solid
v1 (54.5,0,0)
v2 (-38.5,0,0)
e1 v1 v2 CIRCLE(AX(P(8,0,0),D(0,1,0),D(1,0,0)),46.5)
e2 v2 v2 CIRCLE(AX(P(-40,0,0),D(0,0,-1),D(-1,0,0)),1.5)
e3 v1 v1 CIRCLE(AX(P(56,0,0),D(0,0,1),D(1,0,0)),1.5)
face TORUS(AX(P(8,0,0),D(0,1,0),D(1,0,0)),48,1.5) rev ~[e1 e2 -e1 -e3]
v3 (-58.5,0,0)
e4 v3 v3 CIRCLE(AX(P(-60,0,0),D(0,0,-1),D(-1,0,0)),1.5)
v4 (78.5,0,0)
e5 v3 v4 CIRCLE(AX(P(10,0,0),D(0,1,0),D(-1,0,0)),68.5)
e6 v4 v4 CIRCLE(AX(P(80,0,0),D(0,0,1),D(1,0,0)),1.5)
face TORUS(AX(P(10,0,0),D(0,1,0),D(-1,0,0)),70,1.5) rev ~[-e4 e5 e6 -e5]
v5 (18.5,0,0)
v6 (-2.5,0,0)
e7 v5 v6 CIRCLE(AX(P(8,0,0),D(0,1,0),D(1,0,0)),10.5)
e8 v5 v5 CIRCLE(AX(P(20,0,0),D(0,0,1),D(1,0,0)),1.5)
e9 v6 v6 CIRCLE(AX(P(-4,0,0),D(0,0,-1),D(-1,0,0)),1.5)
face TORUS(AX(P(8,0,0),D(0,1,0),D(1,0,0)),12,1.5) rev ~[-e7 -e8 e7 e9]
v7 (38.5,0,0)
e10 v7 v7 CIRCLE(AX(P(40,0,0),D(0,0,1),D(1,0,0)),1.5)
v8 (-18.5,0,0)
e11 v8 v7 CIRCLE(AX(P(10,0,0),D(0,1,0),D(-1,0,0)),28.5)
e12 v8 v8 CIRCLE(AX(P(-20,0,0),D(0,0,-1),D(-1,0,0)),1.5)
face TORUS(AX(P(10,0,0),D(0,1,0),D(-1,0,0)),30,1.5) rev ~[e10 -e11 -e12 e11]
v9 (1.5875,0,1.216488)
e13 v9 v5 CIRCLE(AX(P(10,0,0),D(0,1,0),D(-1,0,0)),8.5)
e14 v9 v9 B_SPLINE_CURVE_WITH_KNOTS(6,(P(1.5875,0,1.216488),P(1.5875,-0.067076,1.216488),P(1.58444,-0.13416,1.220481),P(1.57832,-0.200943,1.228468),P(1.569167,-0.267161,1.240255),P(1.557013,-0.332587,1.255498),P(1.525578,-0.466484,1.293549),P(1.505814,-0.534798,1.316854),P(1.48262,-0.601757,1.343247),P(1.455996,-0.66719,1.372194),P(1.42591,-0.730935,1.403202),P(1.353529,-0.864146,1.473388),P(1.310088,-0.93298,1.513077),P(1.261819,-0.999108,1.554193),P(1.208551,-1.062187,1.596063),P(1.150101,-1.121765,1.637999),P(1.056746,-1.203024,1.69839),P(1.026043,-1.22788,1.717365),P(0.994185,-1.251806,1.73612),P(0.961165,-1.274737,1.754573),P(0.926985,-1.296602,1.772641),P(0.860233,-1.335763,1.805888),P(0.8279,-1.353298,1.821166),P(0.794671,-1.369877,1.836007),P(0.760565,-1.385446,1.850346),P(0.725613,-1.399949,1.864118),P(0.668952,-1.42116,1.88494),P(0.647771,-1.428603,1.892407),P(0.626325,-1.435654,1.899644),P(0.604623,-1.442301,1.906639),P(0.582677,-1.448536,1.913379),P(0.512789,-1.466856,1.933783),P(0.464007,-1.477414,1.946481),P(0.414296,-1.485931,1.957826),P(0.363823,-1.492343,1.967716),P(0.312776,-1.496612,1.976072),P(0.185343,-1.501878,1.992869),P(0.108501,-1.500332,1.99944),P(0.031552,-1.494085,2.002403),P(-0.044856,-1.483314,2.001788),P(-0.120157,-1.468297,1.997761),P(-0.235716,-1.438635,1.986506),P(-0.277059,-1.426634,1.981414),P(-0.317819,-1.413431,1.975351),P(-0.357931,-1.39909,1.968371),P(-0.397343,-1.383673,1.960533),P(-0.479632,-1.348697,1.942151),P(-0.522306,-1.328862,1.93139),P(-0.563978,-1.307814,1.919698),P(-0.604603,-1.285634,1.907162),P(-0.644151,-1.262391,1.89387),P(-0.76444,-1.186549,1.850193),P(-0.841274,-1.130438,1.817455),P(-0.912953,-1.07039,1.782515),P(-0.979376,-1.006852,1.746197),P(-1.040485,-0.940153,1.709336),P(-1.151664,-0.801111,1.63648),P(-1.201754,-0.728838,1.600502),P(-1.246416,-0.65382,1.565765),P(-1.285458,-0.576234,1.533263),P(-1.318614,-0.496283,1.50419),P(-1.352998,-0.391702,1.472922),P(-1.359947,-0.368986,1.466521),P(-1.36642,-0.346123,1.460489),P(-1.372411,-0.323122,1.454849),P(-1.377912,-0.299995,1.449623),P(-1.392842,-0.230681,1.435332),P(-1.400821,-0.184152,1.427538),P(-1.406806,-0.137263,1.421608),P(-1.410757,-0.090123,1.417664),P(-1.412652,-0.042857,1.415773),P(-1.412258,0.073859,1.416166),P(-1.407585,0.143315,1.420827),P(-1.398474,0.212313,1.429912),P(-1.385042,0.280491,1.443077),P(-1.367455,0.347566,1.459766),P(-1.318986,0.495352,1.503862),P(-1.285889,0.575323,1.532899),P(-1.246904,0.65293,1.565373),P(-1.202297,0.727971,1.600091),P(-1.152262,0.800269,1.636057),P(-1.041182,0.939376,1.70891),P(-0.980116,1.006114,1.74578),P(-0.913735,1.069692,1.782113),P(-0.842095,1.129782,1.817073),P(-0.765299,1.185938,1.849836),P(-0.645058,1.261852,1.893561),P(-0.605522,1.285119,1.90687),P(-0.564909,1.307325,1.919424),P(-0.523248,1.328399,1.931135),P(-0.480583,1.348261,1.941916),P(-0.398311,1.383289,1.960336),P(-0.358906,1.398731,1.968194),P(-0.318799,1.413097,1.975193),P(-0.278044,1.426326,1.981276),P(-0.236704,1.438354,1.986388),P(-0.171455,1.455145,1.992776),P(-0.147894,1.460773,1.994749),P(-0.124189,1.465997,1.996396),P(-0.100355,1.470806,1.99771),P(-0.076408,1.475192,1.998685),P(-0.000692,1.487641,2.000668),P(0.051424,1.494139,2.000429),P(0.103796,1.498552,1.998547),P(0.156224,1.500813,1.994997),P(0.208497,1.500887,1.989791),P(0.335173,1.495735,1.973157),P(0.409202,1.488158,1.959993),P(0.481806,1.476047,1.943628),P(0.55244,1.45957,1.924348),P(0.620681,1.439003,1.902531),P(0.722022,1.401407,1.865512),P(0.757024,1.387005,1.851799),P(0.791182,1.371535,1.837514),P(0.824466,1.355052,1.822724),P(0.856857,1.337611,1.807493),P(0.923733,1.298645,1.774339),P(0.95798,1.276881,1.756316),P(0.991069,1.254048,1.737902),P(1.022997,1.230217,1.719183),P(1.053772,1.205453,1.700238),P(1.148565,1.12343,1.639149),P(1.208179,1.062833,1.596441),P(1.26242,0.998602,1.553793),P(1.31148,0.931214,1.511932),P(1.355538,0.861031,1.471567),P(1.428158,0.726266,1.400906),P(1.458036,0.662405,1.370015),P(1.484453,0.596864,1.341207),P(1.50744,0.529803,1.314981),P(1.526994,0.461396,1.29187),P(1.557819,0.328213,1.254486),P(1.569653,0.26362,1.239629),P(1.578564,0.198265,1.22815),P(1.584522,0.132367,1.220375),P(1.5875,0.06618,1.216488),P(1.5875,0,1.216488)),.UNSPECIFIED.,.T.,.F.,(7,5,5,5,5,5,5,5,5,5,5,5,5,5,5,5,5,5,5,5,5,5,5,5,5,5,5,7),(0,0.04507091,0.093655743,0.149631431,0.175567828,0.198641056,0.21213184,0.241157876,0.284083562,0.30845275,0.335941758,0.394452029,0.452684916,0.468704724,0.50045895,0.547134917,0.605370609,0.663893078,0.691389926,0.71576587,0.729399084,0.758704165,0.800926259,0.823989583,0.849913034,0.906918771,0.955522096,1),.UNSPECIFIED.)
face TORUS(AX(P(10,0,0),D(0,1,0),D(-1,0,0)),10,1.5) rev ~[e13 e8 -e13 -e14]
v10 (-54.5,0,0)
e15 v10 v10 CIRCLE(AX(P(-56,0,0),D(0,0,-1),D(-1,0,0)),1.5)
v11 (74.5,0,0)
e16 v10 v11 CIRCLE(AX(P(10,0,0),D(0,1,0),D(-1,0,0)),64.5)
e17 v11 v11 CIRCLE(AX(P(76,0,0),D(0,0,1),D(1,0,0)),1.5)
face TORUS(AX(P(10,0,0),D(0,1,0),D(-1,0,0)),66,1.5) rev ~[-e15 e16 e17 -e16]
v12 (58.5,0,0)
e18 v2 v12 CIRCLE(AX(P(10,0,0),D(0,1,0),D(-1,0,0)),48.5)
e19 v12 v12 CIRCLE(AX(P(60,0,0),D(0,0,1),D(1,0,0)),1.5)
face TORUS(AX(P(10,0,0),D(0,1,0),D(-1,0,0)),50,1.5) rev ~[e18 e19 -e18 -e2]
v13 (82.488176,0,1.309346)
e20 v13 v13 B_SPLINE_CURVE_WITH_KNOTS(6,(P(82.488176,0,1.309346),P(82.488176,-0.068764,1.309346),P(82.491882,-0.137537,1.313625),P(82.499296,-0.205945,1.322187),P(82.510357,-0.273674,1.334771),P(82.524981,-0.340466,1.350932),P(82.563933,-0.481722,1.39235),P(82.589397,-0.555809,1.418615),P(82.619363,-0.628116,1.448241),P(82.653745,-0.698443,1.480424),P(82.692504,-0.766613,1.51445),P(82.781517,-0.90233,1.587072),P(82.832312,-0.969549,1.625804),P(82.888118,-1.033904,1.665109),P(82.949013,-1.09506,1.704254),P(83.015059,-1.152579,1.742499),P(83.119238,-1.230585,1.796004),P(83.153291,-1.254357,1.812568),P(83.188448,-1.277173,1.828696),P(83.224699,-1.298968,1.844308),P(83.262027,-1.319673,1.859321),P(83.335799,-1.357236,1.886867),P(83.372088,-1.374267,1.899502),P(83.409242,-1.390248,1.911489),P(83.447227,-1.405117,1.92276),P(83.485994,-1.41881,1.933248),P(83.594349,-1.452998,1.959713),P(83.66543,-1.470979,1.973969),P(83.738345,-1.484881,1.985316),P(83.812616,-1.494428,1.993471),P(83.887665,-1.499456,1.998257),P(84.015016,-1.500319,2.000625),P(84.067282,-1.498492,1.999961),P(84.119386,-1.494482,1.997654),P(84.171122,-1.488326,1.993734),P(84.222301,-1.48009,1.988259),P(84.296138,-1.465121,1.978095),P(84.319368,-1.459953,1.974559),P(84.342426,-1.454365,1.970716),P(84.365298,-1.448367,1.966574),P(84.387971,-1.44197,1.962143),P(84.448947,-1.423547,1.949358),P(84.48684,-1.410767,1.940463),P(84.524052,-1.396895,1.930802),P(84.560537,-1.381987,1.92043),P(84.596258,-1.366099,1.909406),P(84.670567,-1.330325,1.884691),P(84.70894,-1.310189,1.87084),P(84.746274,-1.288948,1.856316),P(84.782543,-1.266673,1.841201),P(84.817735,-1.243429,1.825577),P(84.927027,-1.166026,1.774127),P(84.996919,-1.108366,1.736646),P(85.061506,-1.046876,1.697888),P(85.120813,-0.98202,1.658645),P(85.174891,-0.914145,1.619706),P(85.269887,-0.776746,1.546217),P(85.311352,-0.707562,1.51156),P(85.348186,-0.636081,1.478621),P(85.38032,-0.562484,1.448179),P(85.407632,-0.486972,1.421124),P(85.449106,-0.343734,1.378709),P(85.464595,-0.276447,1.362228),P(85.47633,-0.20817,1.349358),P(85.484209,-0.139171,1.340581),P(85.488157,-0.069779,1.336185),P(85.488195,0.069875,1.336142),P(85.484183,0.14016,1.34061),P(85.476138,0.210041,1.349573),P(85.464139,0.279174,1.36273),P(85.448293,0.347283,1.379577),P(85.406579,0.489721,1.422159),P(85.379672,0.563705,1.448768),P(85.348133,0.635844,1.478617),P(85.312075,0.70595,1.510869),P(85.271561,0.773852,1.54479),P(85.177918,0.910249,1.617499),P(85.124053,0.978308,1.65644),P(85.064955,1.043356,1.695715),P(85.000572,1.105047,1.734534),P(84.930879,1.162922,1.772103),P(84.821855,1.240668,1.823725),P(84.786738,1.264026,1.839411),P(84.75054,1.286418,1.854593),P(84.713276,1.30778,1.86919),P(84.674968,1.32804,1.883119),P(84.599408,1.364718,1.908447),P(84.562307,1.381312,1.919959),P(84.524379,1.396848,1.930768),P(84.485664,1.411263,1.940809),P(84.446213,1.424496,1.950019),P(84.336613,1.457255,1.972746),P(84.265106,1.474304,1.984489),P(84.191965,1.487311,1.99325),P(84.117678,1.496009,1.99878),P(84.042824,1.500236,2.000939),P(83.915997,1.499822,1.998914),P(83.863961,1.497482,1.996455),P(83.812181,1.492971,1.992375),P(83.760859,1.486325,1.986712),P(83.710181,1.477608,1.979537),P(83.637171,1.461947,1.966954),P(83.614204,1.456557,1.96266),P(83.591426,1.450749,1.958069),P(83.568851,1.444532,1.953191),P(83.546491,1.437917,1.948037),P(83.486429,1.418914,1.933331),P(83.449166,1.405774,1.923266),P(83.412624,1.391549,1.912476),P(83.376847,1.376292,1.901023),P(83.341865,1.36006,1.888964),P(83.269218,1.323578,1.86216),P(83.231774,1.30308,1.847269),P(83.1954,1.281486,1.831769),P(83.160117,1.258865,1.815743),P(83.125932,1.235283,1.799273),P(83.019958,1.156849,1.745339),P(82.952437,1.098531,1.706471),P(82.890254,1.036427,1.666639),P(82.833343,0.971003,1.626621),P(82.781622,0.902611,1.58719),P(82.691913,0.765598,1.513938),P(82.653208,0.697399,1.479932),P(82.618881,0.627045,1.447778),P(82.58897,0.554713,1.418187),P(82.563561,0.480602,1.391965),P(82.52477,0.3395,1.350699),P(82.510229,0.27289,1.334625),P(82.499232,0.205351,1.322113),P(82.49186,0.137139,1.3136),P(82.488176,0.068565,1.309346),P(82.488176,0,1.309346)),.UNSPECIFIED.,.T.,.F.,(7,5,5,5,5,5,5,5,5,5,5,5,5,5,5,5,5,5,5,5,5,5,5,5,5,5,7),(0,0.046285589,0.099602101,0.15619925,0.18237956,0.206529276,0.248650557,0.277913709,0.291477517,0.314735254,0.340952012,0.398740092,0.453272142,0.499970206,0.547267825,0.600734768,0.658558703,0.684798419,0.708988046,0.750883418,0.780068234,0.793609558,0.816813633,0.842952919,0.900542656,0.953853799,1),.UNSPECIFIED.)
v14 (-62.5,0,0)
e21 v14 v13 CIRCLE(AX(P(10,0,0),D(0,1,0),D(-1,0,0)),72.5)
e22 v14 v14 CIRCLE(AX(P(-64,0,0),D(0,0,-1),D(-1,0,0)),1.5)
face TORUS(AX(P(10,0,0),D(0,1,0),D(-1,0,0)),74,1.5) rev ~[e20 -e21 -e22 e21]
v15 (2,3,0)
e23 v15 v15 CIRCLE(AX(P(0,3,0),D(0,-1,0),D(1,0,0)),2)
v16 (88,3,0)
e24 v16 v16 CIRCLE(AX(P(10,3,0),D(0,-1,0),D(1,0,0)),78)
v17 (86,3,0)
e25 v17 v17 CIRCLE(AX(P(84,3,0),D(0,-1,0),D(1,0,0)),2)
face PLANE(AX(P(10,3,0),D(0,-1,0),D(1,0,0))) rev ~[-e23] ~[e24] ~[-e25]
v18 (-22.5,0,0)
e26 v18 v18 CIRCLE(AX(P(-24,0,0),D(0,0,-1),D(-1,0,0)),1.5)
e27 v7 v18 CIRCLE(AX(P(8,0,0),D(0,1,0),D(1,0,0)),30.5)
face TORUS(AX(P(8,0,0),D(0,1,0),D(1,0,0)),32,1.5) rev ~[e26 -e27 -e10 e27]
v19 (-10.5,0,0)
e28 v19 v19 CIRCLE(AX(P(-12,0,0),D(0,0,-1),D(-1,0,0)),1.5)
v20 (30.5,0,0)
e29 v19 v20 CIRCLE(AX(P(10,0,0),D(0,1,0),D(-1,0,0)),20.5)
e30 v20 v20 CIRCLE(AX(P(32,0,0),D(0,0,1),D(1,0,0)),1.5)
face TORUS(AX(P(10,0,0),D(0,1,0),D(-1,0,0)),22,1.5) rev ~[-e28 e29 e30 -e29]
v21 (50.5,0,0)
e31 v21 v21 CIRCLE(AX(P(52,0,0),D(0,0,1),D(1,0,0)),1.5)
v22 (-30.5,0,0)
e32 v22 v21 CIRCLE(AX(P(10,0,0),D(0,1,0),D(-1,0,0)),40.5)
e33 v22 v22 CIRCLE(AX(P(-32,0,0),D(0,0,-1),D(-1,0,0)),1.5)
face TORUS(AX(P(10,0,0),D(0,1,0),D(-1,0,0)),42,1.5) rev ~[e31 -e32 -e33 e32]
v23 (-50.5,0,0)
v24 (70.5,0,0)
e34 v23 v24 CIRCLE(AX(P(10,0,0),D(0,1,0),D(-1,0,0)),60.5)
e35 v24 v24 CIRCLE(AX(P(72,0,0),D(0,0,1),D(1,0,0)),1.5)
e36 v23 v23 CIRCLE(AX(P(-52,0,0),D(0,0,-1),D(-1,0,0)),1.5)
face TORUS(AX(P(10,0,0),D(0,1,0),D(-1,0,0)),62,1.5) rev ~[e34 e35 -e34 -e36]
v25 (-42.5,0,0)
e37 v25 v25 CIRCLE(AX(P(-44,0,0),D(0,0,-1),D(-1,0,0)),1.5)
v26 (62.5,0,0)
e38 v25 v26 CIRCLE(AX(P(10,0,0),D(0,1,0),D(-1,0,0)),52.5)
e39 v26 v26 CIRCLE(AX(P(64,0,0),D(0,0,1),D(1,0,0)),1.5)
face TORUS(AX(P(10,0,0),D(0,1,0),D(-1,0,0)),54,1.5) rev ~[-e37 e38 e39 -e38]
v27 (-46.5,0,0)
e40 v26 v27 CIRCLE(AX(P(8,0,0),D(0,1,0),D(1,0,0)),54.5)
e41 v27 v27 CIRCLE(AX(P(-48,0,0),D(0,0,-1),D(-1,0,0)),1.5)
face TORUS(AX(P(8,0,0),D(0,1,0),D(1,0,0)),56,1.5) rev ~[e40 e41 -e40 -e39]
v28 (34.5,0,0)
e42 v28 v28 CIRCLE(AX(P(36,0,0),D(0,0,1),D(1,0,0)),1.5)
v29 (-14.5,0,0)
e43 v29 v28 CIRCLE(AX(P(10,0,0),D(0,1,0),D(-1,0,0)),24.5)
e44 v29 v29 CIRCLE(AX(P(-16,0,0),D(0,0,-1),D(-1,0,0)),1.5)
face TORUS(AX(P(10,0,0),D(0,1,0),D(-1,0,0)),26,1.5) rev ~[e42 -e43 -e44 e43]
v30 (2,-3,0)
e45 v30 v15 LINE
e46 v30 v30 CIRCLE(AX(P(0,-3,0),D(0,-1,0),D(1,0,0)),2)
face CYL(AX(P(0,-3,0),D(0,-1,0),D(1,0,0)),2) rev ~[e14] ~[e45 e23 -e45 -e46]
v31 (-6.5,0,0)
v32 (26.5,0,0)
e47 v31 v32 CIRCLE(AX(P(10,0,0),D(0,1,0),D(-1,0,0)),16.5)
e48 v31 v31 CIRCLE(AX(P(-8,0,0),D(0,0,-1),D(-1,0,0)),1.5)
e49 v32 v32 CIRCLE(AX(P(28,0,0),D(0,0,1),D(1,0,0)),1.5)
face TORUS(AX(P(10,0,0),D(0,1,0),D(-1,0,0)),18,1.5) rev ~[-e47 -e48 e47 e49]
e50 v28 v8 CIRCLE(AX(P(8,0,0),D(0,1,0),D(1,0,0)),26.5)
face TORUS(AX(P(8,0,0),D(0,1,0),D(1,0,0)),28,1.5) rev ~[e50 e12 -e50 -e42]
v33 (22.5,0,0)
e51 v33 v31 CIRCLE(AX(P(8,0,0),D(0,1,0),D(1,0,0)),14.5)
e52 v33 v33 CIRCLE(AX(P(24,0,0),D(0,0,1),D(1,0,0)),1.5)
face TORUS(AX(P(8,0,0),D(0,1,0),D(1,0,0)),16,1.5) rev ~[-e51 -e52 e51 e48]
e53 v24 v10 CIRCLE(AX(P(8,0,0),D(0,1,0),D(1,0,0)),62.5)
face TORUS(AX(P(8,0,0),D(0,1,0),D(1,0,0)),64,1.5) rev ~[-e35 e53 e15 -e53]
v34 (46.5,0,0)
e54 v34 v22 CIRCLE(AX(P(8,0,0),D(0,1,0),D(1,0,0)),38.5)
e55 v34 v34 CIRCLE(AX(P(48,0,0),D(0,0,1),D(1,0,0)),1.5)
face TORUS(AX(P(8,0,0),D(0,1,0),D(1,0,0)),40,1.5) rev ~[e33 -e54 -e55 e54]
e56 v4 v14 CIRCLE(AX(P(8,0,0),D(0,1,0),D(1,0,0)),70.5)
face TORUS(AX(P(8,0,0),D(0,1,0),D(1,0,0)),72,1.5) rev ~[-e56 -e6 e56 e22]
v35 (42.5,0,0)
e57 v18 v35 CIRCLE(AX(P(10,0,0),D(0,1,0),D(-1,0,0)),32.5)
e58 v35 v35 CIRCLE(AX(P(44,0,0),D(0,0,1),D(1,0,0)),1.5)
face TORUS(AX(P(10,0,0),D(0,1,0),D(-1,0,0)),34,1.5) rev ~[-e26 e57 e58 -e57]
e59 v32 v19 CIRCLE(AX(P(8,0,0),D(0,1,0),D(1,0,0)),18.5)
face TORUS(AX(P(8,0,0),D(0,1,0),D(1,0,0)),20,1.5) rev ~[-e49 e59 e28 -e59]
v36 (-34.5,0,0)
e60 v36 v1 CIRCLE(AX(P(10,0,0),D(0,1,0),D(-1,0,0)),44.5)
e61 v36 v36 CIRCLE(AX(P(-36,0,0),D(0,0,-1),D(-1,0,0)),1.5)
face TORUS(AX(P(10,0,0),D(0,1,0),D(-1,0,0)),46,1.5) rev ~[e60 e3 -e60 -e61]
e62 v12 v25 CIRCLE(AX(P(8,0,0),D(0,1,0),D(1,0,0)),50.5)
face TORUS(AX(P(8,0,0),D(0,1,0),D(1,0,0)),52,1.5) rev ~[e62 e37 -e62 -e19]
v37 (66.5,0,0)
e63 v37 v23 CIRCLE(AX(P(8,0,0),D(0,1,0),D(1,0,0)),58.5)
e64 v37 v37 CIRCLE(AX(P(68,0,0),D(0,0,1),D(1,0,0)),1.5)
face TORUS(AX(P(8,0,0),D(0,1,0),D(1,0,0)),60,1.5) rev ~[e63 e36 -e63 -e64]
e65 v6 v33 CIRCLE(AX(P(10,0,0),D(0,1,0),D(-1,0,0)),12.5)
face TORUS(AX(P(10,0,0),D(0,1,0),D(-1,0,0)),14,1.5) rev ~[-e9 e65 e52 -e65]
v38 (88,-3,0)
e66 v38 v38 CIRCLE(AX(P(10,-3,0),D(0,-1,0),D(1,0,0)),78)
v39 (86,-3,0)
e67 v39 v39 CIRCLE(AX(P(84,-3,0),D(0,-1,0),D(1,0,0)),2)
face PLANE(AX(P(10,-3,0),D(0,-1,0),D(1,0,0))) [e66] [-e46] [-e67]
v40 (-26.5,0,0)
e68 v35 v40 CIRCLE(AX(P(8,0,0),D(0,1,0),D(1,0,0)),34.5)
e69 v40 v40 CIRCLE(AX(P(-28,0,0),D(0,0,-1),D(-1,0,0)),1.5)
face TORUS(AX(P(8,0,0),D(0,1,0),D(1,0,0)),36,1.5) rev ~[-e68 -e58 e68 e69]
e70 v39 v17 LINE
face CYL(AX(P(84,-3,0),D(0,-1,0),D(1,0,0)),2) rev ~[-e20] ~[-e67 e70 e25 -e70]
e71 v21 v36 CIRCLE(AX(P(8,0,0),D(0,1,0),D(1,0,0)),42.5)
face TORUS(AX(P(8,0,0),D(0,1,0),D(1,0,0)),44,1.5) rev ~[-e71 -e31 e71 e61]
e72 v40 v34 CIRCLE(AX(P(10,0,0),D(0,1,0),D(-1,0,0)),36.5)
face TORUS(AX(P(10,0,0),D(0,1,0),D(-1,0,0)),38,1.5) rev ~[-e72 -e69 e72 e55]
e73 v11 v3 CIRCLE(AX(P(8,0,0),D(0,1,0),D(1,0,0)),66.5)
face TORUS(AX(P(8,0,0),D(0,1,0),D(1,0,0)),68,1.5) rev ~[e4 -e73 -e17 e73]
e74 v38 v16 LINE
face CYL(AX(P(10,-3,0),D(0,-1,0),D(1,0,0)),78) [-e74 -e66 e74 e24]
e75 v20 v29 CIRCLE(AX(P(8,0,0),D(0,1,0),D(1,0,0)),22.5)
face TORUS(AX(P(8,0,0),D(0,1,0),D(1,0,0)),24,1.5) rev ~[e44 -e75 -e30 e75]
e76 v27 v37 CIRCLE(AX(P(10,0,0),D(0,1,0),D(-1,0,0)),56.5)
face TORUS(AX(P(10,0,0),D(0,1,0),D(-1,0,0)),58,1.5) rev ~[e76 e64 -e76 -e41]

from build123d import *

# Parameters (mm, degrees)
F3_R     = 78
F3_R_2   = 2
F4_DEPTH = 6
F0_R     = 1.5


with BuildPart() as f4:
    # F3 (on offset) → F4 (new body)
    with BuildSketch(Plane.XZ.offset(3)):
        with Locations((10, 0)):
            Circle(F3_R)
        Circle(F3_R_2, mode=Mode.SUBTRACT)
        with Locations((84, 0)):
            Circle(F3_R_2, mode=Mode.SUBTRACT)
    extrude(amount=-F4_DEPTH)

    # F5: sweep along a path in F1
    with BuildLine(Plane.XZ) as f5_path:
        ThreePointArc((0, 0), (10, 10), (20, 0))
        ThreePointArc((20, 0), (8, -12), (-4, 0))
        ThreePointArc((-4, 0), (10, 14), (24, 0))
        ThreePointArc((24, 0), (8, -16), (-8, 0))
        ThreePointArc((-8, 0), (10, 18), (28, 0))
        ThreePointArc((28, 0), (8, -20), (-12, 0))
        ThreePointArc((-12, 0), (10, 22), (32, 0))
        ThreePointArc((32, 0), (8, -24), (-16, 0))
        ThreePointArc((-16, 0), (10, 26), (36, 0))
        ThreePointArc((36, 0), (8, -28), (-20, 0))
        ThreePointArc((-20, 0), (10, 30), (40, 0))
        ThreePointArc((40, 0), (8, -32), (-24, 0))
        ThreePointArc((-24, 0), (10, 34), (44, 0))
        ThreePointArc((44, 0), (8, -36), (-28, 0))
        ThreePointArc((-28, 0), (10, 38), (48, 0))
        ThreePointArc((48, 0), (8, -40), (-32, 0))
        ThreePointArc((-32, 0), (10, 42), (52, 0))
        ThreePointArc((52, 0), (8, -44), (-36, 0))
        ThreePointArc((-36, 0), (10, 46), (56, 0))
        ThreePointArc((56, 0), (8, -48), (-40, 0))
        ThreePointArc((-40, 0), (10, 50), (60, 0))
        ThreePointArc((60, 0), (8, -52), (-44, 0))
        ThreePointArc((-44, 0), (10, 54), (64, 0))
        ThreePointArc((64, 0), (8, -56), (-48, 0))
        ThreePointArc((-48, 0), (10, 58), (68, 0))
        ThreePointArc((68, 0), (8, -60), (-52, 0))
        ThreePointArc((-52, 0), (10, 62), (72, 0))
        ThreePointArc((72, 0), (8, -64), (-56, 0))
        ThreePointArc((-56, 0), (10, 66), (76, 0))
        ThreePointArc((76, 0), (8, -68), (-60, 0))
        ThreePointArc((-60, 0), (10, 70), (80, 0))
        ThreePointArc((80, 0), (8, -72), (-64, 0))
        ThreePointArc((-64, 0), (10, 74), (84, 0))
    # F0 (on Top) → F5 (sweep, cut)
    with BuildSketch(Plane.XY):
        Circle(F0_R)
    sweep(path=f5_path.line, mode=Mode.SUBTRACT)


solid = f4.part
